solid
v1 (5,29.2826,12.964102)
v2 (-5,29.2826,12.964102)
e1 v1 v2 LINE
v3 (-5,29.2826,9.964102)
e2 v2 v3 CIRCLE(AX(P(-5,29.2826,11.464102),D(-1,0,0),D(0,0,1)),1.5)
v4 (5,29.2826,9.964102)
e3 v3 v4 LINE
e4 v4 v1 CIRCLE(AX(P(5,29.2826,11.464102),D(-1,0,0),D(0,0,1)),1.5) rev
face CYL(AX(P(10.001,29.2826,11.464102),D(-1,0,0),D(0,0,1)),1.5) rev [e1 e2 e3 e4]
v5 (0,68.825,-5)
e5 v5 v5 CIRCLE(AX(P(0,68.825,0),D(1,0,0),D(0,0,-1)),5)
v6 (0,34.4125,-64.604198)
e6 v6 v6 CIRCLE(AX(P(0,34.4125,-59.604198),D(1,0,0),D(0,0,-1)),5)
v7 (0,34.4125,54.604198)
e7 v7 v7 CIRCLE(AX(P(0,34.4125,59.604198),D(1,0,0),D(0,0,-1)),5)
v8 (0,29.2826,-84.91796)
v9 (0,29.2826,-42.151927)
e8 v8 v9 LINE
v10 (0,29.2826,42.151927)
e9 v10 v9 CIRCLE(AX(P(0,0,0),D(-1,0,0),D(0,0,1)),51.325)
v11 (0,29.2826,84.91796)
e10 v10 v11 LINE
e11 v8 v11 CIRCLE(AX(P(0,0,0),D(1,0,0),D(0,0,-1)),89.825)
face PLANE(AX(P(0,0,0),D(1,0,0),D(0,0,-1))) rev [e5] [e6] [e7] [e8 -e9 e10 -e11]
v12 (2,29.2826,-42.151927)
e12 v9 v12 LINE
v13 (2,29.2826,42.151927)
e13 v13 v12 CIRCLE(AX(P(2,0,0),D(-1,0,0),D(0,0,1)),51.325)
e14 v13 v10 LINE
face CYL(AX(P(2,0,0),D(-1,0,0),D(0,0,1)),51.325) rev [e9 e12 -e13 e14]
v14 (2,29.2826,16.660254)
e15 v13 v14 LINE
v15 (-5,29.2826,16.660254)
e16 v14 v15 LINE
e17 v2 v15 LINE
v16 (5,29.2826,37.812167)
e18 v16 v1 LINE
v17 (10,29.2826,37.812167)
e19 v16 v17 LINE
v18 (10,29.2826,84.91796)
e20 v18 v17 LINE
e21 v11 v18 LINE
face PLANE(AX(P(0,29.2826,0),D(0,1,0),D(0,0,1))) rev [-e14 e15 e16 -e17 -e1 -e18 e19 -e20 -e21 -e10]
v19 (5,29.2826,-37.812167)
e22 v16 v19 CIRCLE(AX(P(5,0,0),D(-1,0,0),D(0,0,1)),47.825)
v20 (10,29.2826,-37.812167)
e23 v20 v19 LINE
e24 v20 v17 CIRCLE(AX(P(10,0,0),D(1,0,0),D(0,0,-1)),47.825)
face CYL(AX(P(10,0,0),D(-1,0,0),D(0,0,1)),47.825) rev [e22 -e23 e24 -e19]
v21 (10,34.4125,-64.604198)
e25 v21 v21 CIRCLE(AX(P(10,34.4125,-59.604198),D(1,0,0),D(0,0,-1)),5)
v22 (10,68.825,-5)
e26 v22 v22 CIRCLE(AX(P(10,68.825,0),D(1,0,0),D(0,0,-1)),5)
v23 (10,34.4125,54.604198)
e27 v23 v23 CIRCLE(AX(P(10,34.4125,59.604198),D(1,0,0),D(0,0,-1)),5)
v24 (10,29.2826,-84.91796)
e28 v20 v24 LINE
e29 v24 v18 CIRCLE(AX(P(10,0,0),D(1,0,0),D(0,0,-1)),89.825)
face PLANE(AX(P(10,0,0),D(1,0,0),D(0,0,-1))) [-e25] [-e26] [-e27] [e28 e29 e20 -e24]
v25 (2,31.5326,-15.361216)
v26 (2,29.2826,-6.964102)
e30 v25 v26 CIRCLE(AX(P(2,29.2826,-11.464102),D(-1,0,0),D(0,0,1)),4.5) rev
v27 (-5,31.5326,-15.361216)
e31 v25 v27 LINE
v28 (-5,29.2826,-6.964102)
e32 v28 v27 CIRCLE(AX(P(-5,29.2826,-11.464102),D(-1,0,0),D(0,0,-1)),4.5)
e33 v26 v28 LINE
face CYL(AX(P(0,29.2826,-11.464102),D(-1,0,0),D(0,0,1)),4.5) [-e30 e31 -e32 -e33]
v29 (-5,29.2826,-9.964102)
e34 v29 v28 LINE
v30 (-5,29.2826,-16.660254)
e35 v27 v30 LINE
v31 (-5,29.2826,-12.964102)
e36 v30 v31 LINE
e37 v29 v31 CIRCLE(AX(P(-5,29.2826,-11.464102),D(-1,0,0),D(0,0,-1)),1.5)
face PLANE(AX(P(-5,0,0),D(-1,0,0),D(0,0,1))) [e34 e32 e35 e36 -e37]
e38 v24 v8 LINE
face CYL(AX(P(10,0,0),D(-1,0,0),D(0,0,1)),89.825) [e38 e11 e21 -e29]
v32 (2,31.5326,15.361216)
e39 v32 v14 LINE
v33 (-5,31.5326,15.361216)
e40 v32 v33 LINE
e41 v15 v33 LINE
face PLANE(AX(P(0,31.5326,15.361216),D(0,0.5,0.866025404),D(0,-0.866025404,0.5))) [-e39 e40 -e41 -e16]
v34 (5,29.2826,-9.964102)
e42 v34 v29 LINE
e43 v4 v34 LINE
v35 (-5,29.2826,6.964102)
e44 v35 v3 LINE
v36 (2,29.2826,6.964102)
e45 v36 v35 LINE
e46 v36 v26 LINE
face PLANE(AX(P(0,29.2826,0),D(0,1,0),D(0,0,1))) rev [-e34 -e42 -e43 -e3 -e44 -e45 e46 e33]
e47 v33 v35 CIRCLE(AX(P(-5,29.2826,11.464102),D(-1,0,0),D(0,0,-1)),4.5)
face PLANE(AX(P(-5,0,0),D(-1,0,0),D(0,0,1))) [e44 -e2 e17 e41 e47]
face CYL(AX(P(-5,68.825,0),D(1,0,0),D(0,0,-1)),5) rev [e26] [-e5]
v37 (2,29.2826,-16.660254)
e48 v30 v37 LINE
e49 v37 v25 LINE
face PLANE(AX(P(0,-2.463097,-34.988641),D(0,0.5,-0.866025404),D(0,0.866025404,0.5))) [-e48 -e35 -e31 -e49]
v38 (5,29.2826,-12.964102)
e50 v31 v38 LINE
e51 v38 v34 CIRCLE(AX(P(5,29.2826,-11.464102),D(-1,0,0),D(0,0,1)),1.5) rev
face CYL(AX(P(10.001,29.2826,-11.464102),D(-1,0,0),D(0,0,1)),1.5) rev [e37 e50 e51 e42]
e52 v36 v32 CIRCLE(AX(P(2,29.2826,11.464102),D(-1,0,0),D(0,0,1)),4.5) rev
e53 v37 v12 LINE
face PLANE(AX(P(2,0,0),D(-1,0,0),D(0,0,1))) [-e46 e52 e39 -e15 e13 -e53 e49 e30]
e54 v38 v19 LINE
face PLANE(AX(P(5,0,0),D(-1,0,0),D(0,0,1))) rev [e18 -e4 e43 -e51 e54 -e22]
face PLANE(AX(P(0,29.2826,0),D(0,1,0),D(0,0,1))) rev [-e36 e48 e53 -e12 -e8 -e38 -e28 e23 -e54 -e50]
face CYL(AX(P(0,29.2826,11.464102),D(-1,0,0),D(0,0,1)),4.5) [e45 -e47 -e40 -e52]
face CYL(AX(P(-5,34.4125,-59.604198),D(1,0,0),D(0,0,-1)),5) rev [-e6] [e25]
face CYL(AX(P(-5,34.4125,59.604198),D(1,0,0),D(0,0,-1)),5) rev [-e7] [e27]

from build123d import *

# Parameters (mm, degrees)
SKETCH1_R                   = 89.825
SKETCH1_R_2                 = 47.825
BOSS_EXTRUDE1_DEPTH         = 10
SKETCH3_R                   = 47.825
TBH_IDK_DEPTH               = 5
EXTRUSION_START             = 5
SKETCH4_R                   = 47.825
EXTRUSION_TO_FUEL_MAN_DEPTH = 5
OX_DOWNCOMER_REACH          = 129.914
OX_PROFILE_R                = 1.5
OX_ORIFICES_COUNT           = 3
SKETCH7_R                   = 47.825
FUEL_BLOCKERS_DEPTH         = 5
SKETCH8_R                   = 25.085
TI_CUT_EXTRUDE_DEPTH        = 128.424727781
SKETCH9_R                   = 51.325
FUEL_VOLUME_DEPTH           = 2
SKETCH10_R                  = 5
CUT_EXTRUDE1_DEPTH          = 128.91427305
SKETCH12_W                  = 10
SKETCH12_H                  = 179.65
CUT_EXTRUDE2_DEPTH          = 150.516390415


with BuildPart() as part:
    # Sketch1 → Boss-Extrude1 (new body)
    with BuildSketch(Plane(origin=(0, 0, 0), x_dir=(0, 0, -1), z_dir=(1, 0, 0))):
        Circle(SKETCH1_R)
        Circle(SKETCH1_R_2, mode=Mode.SUBTRACT)
    extrude(amount=BOSS_EXTRUDE1_DEPTH)

    # Sketch3 → tbh idk (add)
    with BuildSketch(Plane.ZY):
        Circle(SKETCH3_R)
    extrude(amount=-TBH_IDK_DEPTH)

    # Sketch4 → Extrusion to Fuel Man (add)
    with BuildSketch(Plane.ZY.offset(EXTRUSION_START)):
        Circle(SKETCH4_R)
    extrude(amount=-EXTRUSION_TO_FUEL_MAN_DEPTH)

    # Ox Profile → Ox Downcomer (cut, up to next)
    with BuildSketch(Plane.ZY.offset(5), mode=Mode.PRIVATE) as ox_downcomer_sk1:
        with Locations((11.464101615, 29.2826)):
            Circle(OX_PROFILE_R)
    ox_downcomer_tool1 = extrude(ox_downcomer_sk1.sketch, amount=-OX_DOWNCOMER_REACH, mode=Mode.PRIVATE) & part.part
    # Ox Profile → Ox Downcomer (cut, up to next)
    with BuildSketch(Plane.ZY.offset(5), mode=Mode.PRIVATE) as ox_downcomer_sk2:
        with Locations((-11.464101615, 29.2826)):
            Circle(OX_PROFILE_R)
    ox_downcomer_tool2 = extrude(ox_downcomer_sk2.sketch, amount=-OX_DOWNCOMER_REACH, mode=Mode.PRIVATE) & part.part
    ox_downcomer_1 = ox_downcomer_tool1.solids().sort_by_distance((-5, 29.2826, 11.464102))[0]
    add(ox_downcomer_1, mode=Mode.SUBTRACT)
    ox_downcomer_2 = ox_downcomer_tool2.solids().sort_by_distance((-5, 29.2826, -11.464102))[0]
    add(ox_downcomer_2, mode=Mode.SUBTRACT)
    ox_downcomer = ox_downcomer_1 + ox_downcomer_2  # Ox Downcomer as one shape, for the pattern or mirror that repeats it

    # Ox Orifices: Ox Downcomer ×3 about axis
    ox_orifices_axis = Axis((0, -0.057725471, 0), (1, 0, 0))
    for i in range(1, OX_ORIFICES_COUNT):
        add(ox_downcomer.rotate(ox_orifices_axis, i * 360 / OX_ORIFICES_COUNT), mode=Mode.SUBTRACT)

    # Sketch7 → Fuel Blockers (cut)
    with BuildSketch(Plane.ZY.offset(5)):
        Circle(SKETCH7_R)
        with BuildLine():
            Line((-34.988640613, -2.46309677), (-15.361215932, 31.5326))
            ThreePointArc((-15.361215932, 31.5326), (-10.299415912, 33.629266218), (-6.964101615, 29.2826))
            ThreePointArc((-6.964101615, 29.2826), (0, 22.318498385), (6.964101615, 29.2826))
            ThreePointArc((6.964101615, 29.2826), (10.299415912, 33.629266218), (15.361215932, 31.5326))
            Line((15.361215932, 31.5326), (34.988640613, -2.46309677))
            ThreePointArc((34.988640613, -2.46309677), (34.273506812, -7.895077285), (28.841526296, -8.610211087))
            ThreePointArc((28.841526296, -8.610211087), (19.328386576, -11.159249192), (21.877424681, -20.672388913))
            ThreePointArc((21.877424681, -20.672388913), (23.9740909, -25.734188933), (19.627424681, -29.06950323))
            Line((19.627424681, -29.06950323), (-19.627424681, -29.06950323))
            ThreePointArc((-19.627424681, -29.06950323), (-23.9740909, -25.734188933), (-21.877424681, -20.672388913))
            ThreePointArc((-21.877424681, -20.672388913), (-19.328386576, -11.159249192), (-28.841526296, -8.610211087))
            ThreePointArc((-28.841526296, -8.610211087), (-34.273506812, -7.895077285), (-34.988640613, -2.46309677))
        make_face(mode=Mode.SUBTRACT)
    extrude(amount=-FUEL_BLOCKERS_DEPTH, mode=Mode.SUBTRACT)

    # Sketch8 → TI Cut Extrude (cut, through all)
    with BuildSketch(Plane(origin=(5, 0, 0), x_dir=(0, 0, -1), z_dir=(1, 0, 0))):
        Circle(SKETCH8_R)
    extrude(amount=-TI_CUT_EXTRUDE_DEPTH, mode=Mode.SUBTRACT)

    # Sketch9 → Fuel Volume (cut)
    with BuildSketch(Plane.ZY):
        Circle(SKETCH9_R)
        with BuildLine():
            ThreePointArc((-15.361215932, 31.5326), (-10.299415912, 33.629266218), (-6.964101615, 29.2826))
            ThreePointArc((-6.964101615, 29.2826), (-6.485666055, 26.745899952), (-5.116096664, 24.557743787))
            ThreePointArc((-5.116096664, 24.557743787), (0, 25.085), (5.116096664, 24.557743787))
            ThreePointArc((5.116096664, 24.557743787), (6.485666055, 26.745899952), (6.964101615, 29.2826))
            ThreePointArc((6.964101615, 29.2826), (10.299415912, 33.629266218), (15.361215932, 31.5326))
            Line((15.361215932, 31.5326), (34.988640613, -2.46309677))
            ThreePointArc((34.988640613, -2.46309677), (34.273506812, -7.895077285), (28.841526296, -8.610211087))
            ThreePointArc((28.841526296, -8.610211087), (26.405461833, -7.756198412), (23.825678311, -7.848202214))
            ThreePointArc((23.825678311, -7.848202214), (21.724247254, -12.5425), (18.709581647, -16.709541573))
            ThreePointArc((18.709581647, -16.709541573), (19.919795778, -18.98970154), (21.877424681, -20.672388913))
            ThreePointArc((21.877424681, -20.672388913), (23.9740909, -25.734188933), (19.627424681, -29.06950323))
            Line((19.627424681, -29.06950323), (-19.627424681, -29.06950323))
            ThreePointArc((-19.627424681, -29.06950323), (-23.9740909, -25.734188933), (-21.877424681, -20.672388913))
            ThreePointArc((-21.877424681, -20.672388913), (-19.919795778, -18.98970154), (-18.709581647, -16.709541573))
            ThreePointArc((-18.709581647, -16.709541573), (-21.724247254, -12.5425), (-23.825678311, -7.848202214))
            ThreePointArc((-23.825678311, -7.848202214), (-26.405461833, -7.756198412), (-28.841526296, -8.610211087))
            ThreePointArc((-28.841526296, -8.610211087), (-34.273506812, -7.895077285), (-34.988640613, -2.46309677))
            Line((-34.988640613, -2.46309677), (-15.361215932, 31.5326))
        make_face(mode=Mode.SUBTRACT)
    extrude(amount=-FUEL_VOLUME_DEPTH, mode=Mode.SUBTRACT)

    # Sketch10 → Cut-Extrude1 (cut, through all)
    with BuildSketch(Plane(origin=(10, 0, 0), x_dir=(0, 0, -1), z_dir=(1, 0, 0))):
        with Locations((0, 68.825)):
            Circle(SKETCH10_R)
        with Locations((59.604198415, 34.4125)):
            Circle(SKETCH10_R)
        with Locations((59.604198415, -34.4125)):
            Circle(SKETCH10_R)
        with Locations((0, -68.825)):
            Circle(SKETCH10_R)
        with Locations((-59.604198415, -34.4125)):
            Circle(SKETCH10_R)
        with Locations((-59.604198415, 34.4125)):
            Circle(SKETCH10_R)
    extrude(amount=-CUT_EXTRUDE1_DEPTH, mode=Mode.SUBTRACT)

    # Sketch12 → Cut-Extrude2 (cut, through all)
    with BuildSketch(Plane(origin=(0, 29.2826, 0), x_dir=(1, 0, 0), z_dir=(0, 1, 0))):
        with Locations((5, 0)):
            Rectangle(SKETCH12_W, SKETCH12_H)
        Polygon((-5, -34.988640613), (-5, -35.591526296), (0, -35.591526296), (0, 35.591526296), (-5, 35.591526296), (-5, 34.988640613), (-5, 28.841526296), (-5, 18.709581647), (-5, 15.361215932), (-5, -6.964101615), (-5, -15.361215932), (-5, -18.709581647), (-5, -28.841526296), align=None)
    extrude(amount=-CUT_EXTRUDE2_DEPTH, mode=Mode.SUBTRACT)


solid = part.part
